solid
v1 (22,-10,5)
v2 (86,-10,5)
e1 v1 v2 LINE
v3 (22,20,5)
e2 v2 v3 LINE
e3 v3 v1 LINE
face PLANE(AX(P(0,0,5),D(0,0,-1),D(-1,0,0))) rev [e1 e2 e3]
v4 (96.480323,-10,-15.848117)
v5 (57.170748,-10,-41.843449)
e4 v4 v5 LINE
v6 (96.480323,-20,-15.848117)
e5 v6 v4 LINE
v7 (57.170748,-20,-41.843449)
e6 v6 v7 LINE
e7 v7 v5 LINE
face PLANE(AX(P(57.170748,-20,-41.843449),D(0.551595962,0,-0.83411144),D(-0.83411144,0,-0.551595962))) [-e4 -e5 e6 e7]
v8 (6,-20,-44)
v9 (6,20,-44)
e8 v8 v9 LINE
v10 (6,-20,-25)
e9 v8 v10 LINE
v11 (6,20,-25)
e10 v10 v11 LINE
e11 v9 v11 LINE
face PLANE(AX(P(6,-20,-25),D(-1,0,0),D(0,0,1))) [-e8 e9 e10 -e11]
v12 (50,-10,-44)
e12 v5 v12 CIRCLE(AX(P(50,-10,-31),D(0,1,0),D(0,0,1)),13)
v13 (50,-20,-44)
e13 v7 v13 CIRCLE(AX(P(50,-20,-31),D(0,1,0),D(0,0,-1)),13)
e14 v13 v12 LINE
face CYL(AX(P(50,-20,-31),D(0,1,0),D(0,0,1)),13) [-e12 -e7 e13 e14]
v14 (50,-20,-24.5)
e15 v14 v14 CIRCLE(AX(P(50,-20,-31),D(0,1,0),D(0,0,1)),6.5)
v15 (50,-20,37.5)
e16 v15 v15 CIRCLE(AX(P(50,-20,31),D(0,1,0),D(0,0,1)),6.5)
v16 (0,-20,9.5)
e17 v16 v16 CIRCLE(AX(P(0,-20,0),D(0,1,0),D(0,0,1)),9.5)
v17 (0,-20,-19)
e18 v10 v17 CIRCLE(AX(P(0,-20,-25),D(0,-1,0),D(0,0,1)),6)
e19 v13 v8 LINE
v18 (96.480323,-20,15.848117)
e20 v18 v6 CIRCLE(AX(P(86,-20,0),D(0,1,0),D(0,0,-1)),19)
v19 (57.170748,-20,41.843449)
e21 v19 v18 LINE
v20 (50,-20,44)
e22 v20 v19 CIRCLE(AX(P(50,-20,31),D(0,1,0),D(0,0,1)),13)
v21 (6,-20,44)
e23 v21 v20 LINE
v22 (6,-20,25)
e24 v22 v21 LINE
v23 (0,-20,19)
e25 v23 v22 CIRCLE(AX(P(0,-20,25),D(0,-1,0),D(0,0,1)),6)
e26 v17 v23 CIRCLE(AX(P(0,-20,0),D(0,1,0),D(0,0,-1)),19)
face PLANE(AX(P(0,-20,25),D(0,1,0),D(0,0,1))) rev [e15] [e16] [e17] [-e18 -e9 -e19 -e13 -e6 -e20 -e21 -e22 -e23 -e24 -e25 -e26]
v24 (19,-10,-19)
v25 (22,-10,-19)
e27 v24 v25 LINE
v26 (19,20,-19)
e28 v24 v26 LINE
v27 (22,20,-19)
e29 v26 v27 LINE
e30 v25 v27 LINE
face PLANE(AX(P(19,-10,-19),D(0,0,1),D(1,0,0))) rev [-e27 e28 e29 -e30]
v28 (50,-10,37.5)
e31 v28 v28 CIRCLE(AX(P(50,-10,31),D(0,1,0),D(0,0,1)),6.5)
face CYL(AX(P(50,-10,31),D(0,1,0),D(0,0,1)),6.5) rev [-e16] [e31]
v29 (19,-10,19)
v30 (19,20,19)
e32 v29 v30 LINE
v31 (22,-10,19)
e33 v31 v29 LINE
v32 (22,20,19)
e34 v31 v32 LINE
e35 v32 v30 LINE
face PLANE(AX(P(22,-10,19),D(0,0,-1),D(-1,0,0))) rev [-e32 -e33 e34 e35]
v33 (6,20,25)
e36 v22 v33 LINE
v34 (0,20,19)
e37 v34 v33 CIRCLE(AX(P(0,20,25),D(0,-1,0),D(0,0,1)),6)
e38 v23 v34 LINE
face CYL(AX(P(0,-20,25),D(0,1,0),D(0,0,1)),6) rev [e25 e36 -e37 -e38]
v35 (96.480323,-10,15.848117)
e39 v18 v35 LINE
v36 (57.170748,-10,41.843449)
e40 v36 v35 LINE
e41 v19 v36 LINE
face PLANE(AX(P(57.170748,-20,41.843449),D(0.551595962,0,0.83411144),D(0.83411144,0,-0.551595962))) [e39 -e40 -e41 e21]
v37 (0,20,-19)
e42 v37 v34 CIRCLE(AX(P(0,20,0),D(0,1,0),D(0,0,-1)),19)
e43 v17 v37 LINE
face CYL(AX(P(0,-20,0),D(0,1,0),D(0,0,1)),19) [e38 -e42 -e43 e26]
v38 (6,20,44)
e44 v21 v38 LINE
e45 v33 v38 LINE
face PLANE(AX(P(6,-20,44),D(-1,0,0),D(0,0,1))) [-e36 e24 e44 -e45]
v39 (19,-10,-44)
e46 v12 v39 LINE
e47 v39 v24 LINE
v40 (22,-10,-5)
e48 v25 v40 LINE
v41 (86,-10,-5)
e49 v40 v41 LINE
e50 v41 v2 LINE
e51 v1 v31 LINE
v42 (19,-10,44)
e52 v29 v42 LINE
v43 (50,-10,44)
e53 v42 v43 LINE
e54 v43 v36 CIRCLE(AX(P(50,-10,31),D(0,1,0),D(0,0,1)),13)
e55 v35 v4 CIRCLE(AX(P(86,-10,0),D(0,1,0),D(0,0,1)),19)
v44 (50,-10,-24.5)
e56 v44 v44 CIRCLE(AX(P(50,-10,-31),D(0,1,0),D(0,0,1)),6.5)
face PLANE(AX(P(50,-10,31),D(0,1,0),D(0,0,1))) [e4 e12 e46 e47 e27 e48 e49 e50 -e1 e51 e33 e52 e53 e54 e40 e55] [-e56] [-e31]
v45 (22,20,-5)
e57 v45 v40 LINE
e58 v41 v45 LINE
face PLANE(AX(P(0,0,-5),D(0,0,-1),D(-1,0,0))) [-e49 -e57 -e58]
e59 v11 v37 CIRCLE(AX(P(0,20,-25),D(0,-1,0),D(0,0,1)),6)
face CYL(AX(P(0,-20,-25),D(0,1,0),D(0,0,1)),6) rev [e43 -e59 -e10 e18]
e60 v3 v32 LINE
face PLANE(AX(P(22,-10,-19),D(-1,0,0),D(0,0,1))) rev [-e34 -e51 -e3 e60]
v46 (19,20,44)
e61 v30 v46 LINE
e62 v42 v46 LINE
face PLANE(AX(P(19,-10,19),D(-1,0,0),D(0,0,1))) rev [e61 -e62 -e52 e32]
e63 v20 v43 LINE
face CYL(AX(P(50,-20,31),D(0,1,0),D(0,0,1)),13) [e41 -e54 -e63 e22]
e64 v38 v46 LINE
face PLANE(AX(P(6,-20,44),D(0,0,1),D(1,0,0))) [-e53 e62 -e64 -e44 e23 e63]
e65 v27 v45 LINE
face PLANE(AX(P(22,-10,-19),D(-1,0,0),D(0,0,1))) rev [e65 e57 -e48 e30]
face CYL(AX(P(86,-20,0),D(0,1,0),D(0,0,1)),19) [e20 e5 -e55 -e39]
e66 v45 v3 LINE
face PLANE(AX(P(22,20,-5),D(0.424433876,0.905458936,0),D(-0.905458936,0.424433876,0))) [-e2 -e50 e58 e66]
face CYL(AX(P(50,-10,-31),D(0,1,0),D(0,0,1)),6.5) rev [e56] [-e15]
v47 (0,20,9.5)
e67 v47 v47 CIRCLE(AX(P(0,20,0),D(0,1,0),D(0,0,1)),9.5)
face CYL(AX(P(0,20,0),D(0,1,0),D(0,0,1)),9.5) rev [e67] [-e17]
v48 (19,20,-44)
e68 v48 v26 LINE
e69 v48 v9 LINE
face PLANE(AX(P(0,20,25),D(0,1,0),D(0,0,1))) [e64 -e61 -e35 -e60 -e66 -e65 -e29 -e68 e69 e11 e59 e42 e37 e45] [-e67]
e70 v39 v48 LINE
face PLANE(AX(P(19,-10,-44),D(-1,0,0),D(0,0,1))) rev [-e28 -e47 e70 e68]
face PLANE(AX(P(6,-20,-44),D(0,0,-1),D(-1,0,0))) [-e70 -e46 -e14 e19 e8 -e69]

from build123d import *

# Parameters (mm, degrees)
BOSS_EXTRUDE1_DEPTH      = 20
BOSS_EXTRUDE1_DEPTH_BACK = 20
CUT_EXTRUDE1_START       = -30
CUT_EXTRUDE1_DEPTH       = 30
BOSS_EXTRUDE2_START      = -44
BOSS_EXTRUDE2_DEPTH      = 5
HOLE1_D                  = 19
HOLE2_D                  = 13


with BuildPart() as part:
    # Sketch1 → Boss-Extrude1 (new, two sides: drawn at the far end of the back side and taken through both)
    with BuildSketch(Plane(origin=(0, 0, 0), x_dir=(1, 0, 0), z_dir=(0, 1, 0)).offset(-BOSS_EXTRUDE1_DEPTH_BACK)):
        with BuildLine():
            Line((6, 25), (6, 44))
            Line((6, 44), (50, 44))
            ThreePointArc((50, 44), (53.744006319, 43.449193415), (57.170747509, 41.843448721))
            Line((57.170747509, 41.843448721), (96.480323283, 15.848117361))
            ThreePointArc((96.480323283, 15.848117361), (105, 0), (96.480323283, -15.848117361))
            Line((96.480323283, -15.848117361), (57.170747509, -41.843448721))
            ThreePointArc((57.170747509, -41.843448721), (53.744006319, -43.449193415), (50, -44))
            Line((50, -44), (6, -44))
            Line((6, -44), (6, -25))
            ThreePointArc((6, -25), (4.242640687, -20.757359313), (0, -19))
            ThreePointArc((0, -19), (-19, 0), (0, 19))
            ThreePointArc((0, 19), (4.242640687, 20.757359313), (6, 25))
        make_face()
    extrude(amount=BOSS_EXTRUDE1_DEPTH + BOSS_EXTRUDE1_DEPTH_BACK)

    # Sketch2 → Cut-Extrude1 (cut)
    with BuildSketch(Plane(origin=(0, 20, 0), x_dir=(1, 0, 0), z_dir=(0, 1, 0)).offset(CUT_EXTRUDE1_START)):
        with BuildLine():
            Line((19, 44), (19, 19))
            Line((19, 19), (22, 19))
            Line((22, 19), (22, -19))
            Line((22, -19), (19, -19))
            Line((19, -19), (19, -44))
            Line((19, -44), (50, -44))
            ThreePointArc((50, -44), (53.744006319, -43.449193415), (57.170747509, -41.843448721))
            Line((57.170747509, -41.843448721), (96.480323283, -15.848117361))
            ThreePointArc((96.480323283, -15.848117361), (105, 0), (96.480323283, 15.848117361))
            Line((96.480323283, 15.848117361), (57.170747509, 41.843448721))
            ThreePointArc((57.170747509, 41.843448721), (53.744006319, 43.449193415), (50, 44))
            Line((50, 44), (19, 44))
        make_face()
    extrude(amount=CUT_EXTRUDE1_DEPTH, mode=Mode.SUBTRACT)

    # Sketch3 → Boss-Extrude2 (add, symmetric)
    with BuildSketch(Plane.XY.offset(44).offset(BOSS_EXTRUDE2_START)):
        Polygon((22, 20), (86, -10), (57.170747509, -10), (50, -10), (22, -10), align=None)
    extrude(amount=BOSS_EXTRUDE2_DEPTH, both=True)

    # Hole1 (through all)
    with Locations(Plane(origin=(0, 20, 0), x_dir=(1, 0, 0), z_dir=(0, 1, 0))):
        with Locations((0, 0)):
            Hole(HOLE1_D / 2)

    # Hole2 (through all)
    with Locations(Plane(origin=(0, -10, 0), x_dir=(1, 0, 0), z_dir=(0, 1, 0))):
        with Locations((50, -31), (50, 31)):
            Hole(HOLE2_D / 2)


solid = part.part
